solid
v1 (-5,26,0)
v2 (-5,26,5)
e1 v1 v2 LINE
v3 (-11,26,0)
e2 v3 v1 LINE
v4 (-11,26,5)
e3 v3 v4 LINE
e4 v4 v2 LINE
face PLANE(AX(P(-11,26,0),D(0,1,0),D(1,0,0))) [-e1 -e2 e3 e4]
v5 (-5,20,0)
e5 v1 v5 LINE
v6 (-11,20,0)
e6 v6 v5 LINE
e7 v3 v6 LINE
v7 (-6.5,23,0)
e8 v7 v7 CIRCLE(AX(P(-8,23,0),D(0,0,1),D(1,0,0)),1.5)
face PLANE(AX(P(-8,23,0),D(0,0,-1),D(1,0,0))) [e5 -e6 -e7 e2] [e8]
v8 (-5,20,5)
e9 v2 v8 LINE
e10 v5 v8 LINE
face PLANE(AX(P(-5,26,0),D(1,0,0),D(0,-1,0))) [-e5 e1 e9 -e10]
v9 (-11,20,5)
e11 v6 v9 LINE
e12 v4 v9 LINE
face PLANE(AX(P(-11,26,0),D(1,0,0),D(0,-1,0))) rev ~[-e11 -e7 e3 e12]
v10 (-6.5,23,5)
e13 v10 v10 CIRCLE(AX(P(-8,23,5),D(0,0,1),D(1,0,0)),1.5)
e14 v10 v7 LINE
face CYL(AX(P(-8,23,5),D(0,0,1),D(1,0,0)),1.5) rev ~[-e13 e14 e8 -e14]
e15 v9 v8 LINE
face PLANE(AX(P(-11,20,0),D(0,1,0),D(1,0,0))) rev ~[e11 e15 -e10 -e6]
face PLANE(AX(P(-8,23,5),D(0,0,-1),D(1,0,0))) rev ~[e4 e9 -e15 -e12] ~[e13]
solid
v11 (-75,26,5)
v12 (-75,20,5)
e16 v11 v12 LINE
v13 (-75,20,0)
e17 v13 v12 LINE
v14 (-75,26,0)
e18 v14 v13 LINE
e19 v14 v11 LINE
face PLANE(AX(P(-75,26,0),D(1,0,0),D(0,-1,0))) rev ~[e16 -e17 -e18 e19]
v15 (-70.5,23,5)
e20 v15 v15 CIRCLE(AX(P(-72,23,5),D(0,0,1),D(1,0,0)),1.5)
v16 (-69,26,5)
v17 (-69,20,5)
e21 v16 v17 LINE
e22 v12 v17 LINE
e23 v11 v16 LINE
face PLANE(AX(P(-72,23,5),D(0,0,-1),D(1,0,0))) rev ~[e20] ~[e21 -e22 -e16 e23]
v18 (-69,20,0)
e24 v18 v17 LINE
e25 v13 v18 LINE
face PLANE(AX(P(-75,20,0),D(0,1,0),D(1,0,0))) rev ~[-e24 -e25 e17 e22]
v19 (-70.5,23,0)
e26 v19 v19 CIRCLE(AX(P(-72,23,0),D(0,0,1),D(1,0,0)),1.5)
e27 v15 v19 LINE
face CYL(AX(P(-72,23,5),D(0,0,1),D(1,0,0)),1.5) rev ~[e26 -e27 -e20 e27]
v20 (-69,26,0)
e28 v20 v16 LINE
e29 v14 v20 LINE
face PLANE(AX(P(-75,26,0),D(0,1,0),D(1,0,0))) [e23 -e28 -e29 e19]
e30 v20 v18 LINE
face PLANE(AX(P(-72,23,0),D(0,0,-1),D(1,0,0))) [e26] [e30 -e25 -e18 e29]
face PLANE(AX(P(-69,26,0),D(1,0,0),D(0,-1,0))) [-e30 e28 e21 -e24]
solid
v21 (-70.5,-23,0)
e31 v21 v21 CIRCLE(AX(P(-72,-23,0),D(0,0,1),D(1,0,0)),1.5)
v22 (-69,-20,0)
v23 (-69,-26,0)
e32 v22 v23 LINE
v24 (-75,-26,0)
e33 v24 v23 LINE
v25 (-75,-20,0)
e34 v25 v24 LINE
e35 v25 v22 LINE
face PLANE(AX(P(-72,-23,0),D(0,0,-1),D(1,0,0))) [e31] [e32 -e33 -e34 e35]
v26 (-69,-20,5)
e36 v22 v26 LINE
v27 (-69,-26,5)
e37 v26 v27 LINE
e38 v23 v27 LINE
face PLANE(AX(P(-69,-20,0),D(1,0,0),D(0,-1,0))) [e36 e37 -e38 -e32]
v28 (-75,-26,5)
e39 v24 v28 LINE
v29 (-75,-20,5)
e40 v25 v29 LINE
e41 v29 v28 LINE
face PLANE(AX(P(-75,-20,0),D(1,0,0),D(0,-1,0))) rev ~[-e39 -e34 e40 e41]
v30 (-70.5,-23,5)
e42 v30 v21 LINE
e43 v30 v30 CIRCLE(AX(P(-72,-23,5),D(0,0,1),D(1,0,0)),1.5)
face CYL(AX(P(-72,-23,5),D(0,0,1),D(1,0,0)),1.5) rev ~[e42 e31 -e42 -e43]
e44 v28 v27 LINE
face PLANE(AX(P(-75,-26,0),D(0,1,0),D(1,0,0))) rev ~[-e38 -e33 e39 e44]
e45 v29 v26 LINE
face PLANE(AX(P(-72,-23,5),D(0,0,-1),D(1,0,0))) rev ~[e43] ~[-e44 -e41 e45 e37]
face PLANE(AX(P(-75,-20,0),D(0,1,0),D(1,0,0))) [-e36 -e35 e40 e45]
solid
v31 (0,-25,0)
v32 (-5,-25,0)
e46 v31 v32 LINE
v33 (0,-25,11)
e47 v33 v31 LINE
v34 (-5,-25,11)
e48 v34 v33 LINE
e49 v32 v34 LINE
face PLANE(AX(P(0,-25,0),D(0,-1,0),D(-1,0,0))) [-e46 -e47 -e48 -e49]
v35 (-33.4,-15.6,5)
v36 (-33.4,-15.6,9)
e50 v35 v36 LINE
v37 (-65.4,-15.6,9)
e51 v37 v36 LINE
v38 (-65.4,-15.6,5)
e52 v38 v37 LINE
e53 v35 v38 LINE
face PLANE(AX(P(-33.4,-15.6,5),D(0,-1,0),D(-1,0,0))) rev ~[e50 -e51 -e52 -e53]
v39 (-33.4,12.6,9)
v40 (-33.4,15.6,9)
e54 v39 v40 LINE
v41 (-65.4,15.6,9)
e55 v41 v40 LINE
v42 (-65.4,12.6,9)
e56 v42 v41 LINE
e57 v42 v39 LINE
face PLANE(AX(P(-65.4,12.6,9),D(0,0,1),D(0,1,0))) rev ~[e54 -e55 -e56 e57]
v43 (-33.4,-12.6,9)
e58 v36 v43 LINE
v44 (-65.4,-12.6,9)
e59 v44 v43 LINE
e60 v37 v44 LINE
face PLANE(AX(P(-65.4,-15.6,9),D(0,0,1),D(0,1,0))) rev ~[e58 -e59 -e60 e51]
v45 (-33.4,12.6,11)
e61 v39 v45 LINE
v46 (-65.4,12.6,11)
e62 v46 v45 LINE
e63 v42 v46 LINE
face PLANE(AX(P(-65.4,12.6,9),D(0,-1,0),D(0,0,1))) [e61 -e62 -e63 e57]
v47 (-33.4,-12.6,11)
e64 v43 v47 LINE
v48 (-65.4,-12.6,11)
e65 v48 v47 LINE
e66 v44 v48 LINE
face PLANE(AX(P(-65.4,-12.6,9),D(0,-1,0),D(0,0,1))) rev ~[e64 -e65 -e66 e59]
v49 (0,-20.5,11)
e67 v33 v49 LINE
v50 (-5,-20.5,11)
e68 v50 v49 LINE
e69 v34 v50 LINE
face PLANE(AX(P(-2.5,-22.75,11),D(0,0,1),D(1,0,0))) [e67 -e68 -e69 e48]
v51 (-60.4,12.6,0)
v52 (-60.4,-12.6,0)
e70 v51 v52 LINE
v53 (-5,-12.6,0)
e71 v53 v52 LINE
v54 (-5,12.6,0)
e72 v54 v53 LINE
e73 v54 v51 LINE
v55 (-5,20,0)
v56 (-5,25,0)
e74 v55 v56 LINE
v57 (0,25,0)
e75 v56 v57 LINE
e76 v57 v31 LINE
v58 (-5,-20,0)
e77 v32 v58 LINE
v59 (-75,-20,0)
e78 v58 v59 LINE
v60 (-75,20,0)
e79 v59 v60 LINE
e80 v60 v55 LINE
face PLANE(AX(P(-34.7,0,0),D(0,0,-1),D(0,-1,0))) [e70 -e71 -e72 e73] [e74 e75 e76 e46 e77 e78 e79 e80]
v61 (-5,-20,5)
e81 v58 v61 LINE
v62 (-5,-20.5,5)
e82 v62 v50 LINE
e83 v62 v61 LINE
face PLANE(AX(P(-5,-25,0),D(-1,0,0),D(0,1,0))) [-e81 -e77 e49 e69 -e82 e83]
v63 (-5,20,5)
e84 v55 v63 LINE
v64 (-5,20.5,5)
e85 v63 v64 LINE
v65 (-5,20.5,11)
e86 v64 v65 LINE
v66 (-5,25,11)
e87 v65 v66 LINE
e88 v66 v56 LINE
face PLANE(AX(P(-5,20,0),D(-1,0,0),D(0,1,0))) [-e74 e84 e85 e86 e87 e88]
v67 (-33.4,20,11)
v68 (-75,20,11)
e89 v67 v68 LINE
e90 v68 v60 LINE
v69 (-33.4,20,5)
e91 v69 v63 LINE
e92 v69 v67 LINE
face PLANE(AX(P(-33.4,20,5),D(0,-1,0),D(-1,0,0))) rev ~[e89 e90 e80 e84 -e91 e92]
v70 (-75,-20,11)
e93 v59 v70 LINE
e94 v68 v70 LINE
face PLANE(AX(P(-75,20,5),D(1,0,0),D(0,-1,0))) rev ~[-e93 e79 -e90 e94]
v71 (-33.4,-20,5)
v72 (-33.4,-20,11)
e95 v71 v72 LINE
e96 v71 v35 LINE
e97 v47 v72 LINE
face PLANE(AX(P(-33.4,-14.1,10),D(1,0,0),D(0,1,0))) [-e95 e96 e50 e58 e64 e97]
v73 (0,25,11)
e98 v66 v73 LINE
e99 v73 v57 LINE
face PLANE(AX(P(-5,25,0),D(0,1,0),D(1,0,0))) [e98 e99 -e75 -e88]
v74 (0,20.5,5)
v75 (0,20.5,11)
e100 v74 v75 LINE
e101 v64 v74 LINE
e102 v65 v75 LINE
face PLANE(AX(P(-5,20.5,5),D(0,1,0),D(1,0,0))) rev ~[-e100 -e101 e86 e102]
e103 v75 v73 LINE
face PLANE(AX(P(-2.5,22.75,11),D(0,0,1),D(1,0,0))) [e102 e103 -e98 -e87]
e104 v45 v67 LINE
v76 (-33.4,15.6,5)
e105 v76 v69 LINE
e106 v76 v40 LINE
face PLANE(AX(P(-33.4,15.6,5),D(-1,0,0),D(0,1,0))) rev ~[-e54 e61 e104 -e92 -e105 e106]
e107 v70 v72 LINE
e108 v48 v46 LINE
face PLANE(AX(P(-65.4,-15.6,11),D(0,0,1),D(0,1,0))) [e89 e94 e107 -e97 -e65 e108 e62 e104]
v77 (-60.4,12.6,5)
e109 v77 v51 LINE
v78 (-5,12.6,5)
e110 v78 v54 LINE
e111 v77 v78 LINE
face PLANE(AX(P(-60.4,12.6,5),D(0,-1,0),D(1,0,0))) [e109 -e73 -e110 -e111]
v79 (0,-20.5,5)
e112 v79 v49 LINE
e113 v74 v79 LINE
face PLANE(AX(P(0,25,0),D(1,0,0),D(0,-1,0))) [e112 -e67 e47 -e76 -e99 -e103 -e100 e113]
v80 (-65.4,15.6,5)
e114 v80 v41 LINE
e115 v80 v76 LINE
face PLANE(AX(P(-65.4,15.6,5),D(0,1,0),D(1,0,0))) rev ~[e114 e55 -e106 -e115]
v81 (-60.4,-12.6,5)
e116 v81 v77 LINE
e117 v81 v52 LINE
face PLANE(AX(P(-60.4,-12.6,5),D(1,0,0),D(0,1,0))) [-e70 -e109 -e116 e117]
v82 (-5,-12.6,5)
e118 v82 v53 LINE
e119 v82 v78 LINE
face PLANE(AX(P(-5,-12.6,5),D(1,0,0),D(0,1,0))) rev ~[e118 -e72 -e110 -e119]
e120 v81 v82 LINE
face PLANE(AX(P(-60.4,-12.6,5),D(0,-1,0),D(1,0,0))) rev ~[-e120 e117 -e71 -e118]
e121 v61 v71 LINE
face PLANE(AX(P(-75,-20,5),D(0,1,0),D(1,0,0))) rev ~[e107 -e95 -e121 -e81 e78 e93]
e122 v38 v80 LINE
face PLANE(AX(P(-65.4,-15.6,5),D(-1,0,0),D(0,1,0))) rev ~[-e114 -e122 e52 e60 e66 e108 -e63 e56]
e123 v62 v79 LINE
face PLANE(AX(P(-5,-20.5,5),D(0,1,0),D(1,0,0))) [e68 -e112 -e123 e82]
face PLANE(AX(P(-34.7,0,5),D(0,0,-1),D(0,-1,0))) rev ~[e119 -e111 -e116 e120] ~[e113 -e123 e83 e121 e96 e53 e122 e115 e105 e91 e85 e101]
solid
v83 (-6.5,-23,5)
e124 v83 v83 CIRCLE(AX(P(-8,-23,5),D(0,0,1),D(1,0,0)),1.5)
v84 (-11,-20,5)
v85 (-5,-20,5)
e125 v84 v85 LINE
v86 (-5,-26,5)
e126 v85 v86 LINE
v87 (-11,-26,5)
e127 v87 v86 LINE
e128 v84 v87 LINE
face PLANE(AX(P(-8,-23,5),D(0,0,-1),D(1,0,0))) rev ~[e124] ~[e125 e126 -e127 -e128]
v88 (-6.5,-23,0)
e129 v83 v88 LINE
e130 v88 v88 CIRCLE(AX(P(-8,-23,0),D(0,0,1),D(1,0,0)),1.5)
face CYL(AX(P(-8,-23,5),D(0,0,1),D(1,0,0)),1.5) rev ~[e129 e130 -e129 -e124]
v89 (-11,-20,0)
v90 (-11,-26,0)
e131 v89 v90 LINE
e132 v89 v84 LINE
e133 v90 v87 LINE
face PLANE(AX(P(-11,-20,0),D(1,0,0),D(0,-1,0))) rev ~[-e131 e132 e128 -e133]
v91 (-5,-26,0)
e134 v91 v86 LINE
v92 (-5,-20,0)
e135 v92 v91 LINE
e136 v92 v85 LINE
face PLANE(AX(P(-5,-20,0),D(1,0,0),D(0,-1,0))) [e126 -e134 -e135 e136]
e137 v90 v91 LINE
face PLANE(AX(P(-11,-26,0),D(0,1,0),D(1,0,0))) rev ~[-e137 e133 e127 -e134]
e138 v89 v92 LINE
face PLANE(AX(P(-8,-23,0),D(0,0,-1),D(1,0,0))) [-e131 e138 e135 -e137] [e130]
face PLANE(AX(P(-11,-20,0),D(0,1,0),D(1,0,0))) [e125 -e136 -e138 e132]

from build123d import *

# Parameters (mm, degrees)
BOSS_EXTRUDE1_DEPTH   = 5
SKETCH4_W             = 5
SKETCH4_H             = 4.5
BOSS_EXTRUDE2_DEPTH   = 6
SKETCH5_W             = 3
SKETCH5_H             = 2
BOSS_EXTRUDE3_DEPTH   = 32
SKETCH6_W             = 6
SKETCH6_H             = 6
BOSS_EXTRUDE4_DEPTH   = 5
BOSS_EXTRUDE4_2_DEPTH = 5
BOSS_EXTRUDE4_3_DEPTH = 5
BOSS_EXTRUDE4_4_DEPTH = 5
SKETCH7_R             = 1.5
CUT_EXTRUDE1_DEPTH    = 6
SKETCH8_W             = 55.4
SKETCH8_H             = 25.2
CUT_EXTRUDE2_DEPTH    = 6


with BuildPart() as part:
    # Sketch1 → Boss-Extrude1 (new body)
    with BuildSketch(Plane(origin=(0, 0, 0), x_dir=(0, 1, 0), z_dir=(0, 0, 1))):
        Polygon((-20, 5), (-20, 75), (20, 75), (20, 5), (25, 5), (25, 0), (-25, 0), (-25, 5), align=None)
    extrude(amount=BOSS_EXTRUDE1_DEPTH)

    # Sketch4 → Boss-Extrude2 (add)
    with BuildSketch(Plane.XY.offset(5)):
        Polygon((-75, 20), (-75, -20), (-33.4, -20), (-33.4, -15.6), (-65.4, -15.6), (-65.4, 15.6), (-33.4, 15.6), (-33.4, 20), align=None)
        with Locations((-2.5, 22.75)):
            Rectangle(SKETCH4_W, SKETCH4_H)
        with Locations((-2.5, -22.75)):
            Rectangle(SKETCH4_W, SKETCH4_H)
    extrude(amount=BOSS_EXTRUDE2_DEPTH)

    # Sketch5 → Boss-Extrude3 (add)
    with BuildSketch(Plane.YZ.offset(-65.4)):
        with Locations((-14.1, 10)):
            Rectangle(SKETCH5_W, SKETCH5_H)
        with Locations((14.1, 10)):
            Rectangle(SKETCH5_W, SKETCH5_H)
    extrude(amount=BOSS_EXTRUDE3_DEPTH)

    # Sketch8 → Cut-Extrude2 (cut, through all)
    with BuildSketch(Plane.XY.offset(5)):
        with Locations((-32.7, 0)):
            Rectangle(SKETCH8_W, SKETCH8_H)
    extrude(amount=-CUT_EXTRUDE2_DEPTH, mode=Mode.SUBTRACT)


with BuildPart() as body_2:
    # Sketch6 → Boss-Extrude4 (new body)
    with BuildSketch(Plane(origin=(0, 0, 0), x_dir=(1, 0, 0), z_dir=(0, 0, -1))):
        with Locations((-8, 23)):
            Rectangle(SKETCH6_W, SKETCH6_H)
    extrude(amount=-BOSS_EXTRUDE4_DEPTH)


with BuildPart() as body_3:
    # Sketch6 → Boss-Extrude4 2 (new body)
    with BuildSketch(Plane(origin=(0, 0, 0), x_dir=(1, 0, 0), z_dir=(0, 0, -1))):
        with Locations((-72, 23)):
            Rectangle(SKETCH6_W, SKETCH6_H)
    extrude(amount=-BOSS_EXTRUDE4_2_DEPTH)


with BuildPart() as body_4:
    # Sketch6 → Boss-Extrude4 3 (new body)
    with BuildSketch(Plane(origin=(0, 0, 0), x_dir=(1, 0, 0), z_dir=(0, 0, -1))):
        with Locations((-8, -23)):
            Rectangle(SKETCH6_W, SKETCH6_H)
    extrude(amount=-BOSS_EXTRUDE4_3_DEPTH)


with BuildPart() as body_5:
    # Sketch6 → Boss-Extrude4 4 (new body)
    with BuildSketch(Plane(origin=(0, 0, 0), x_dir=(1, 0, 0), z_dir=(0, 0, -1))):
        with Locations((-72, -23)):
            Rectangle(SKETCH6_W, SKETCH6_H)
    extrude(amount=-BOSS_EXTRUDE4_4_DEPTH)


with BuildPart() as cut_extrude1_tool:
    # Sketch7 → Cut-Extrude1 (new body, through all)
    with BuildSketch(Plane.XY.offset(5)):
        with Locations((-8, -23)):
            Circle(SKETCH7_R)
        with Locations((-72, -23)):
            Circle(SKETCH7_R)
        with Locations((-8, 23)):
            Circle(SKETCH7_R)
        with Locations((-72, 23)):
            Circle(SKETCH7_R)
    extrude(amount=-CUT_EXTRUDE1_DEPTH)


with BuildPart() as body_2_1:
    add(body_2.part)

    # Cut-Extrude1: cut by cut_extrude1_tool
    add(cut_extrude1_tool.part, mode=Mode.SUBTRACT)


with BuildPart() as body_3_1:
    add(body_3.part)

    # Cut-Extrude1: cut by cut_extrude1_tool
    add(cut_extrude1_tool.part, mode=Mode.SUBTRACT)


with BuildPart() as body_4_1:
    add(body_4.part)

    # Cut-Extrude1: cut by cut_extrude1_tool
    add(cut_extrude1_tool.part, mode=Mode.SUBTRACT)


with BuildPart() as body_5_1:
    add(body_5.part)

    # Cut-Extrude1: cut by cut_extrude1_tool
    add(cut_extrude1_tool.part, mode=Mode.SUBTRACT)


solid = Compound([part.part, body_2_1.part, body_3_1.part, body_4_1.part, body_5_1.part])
